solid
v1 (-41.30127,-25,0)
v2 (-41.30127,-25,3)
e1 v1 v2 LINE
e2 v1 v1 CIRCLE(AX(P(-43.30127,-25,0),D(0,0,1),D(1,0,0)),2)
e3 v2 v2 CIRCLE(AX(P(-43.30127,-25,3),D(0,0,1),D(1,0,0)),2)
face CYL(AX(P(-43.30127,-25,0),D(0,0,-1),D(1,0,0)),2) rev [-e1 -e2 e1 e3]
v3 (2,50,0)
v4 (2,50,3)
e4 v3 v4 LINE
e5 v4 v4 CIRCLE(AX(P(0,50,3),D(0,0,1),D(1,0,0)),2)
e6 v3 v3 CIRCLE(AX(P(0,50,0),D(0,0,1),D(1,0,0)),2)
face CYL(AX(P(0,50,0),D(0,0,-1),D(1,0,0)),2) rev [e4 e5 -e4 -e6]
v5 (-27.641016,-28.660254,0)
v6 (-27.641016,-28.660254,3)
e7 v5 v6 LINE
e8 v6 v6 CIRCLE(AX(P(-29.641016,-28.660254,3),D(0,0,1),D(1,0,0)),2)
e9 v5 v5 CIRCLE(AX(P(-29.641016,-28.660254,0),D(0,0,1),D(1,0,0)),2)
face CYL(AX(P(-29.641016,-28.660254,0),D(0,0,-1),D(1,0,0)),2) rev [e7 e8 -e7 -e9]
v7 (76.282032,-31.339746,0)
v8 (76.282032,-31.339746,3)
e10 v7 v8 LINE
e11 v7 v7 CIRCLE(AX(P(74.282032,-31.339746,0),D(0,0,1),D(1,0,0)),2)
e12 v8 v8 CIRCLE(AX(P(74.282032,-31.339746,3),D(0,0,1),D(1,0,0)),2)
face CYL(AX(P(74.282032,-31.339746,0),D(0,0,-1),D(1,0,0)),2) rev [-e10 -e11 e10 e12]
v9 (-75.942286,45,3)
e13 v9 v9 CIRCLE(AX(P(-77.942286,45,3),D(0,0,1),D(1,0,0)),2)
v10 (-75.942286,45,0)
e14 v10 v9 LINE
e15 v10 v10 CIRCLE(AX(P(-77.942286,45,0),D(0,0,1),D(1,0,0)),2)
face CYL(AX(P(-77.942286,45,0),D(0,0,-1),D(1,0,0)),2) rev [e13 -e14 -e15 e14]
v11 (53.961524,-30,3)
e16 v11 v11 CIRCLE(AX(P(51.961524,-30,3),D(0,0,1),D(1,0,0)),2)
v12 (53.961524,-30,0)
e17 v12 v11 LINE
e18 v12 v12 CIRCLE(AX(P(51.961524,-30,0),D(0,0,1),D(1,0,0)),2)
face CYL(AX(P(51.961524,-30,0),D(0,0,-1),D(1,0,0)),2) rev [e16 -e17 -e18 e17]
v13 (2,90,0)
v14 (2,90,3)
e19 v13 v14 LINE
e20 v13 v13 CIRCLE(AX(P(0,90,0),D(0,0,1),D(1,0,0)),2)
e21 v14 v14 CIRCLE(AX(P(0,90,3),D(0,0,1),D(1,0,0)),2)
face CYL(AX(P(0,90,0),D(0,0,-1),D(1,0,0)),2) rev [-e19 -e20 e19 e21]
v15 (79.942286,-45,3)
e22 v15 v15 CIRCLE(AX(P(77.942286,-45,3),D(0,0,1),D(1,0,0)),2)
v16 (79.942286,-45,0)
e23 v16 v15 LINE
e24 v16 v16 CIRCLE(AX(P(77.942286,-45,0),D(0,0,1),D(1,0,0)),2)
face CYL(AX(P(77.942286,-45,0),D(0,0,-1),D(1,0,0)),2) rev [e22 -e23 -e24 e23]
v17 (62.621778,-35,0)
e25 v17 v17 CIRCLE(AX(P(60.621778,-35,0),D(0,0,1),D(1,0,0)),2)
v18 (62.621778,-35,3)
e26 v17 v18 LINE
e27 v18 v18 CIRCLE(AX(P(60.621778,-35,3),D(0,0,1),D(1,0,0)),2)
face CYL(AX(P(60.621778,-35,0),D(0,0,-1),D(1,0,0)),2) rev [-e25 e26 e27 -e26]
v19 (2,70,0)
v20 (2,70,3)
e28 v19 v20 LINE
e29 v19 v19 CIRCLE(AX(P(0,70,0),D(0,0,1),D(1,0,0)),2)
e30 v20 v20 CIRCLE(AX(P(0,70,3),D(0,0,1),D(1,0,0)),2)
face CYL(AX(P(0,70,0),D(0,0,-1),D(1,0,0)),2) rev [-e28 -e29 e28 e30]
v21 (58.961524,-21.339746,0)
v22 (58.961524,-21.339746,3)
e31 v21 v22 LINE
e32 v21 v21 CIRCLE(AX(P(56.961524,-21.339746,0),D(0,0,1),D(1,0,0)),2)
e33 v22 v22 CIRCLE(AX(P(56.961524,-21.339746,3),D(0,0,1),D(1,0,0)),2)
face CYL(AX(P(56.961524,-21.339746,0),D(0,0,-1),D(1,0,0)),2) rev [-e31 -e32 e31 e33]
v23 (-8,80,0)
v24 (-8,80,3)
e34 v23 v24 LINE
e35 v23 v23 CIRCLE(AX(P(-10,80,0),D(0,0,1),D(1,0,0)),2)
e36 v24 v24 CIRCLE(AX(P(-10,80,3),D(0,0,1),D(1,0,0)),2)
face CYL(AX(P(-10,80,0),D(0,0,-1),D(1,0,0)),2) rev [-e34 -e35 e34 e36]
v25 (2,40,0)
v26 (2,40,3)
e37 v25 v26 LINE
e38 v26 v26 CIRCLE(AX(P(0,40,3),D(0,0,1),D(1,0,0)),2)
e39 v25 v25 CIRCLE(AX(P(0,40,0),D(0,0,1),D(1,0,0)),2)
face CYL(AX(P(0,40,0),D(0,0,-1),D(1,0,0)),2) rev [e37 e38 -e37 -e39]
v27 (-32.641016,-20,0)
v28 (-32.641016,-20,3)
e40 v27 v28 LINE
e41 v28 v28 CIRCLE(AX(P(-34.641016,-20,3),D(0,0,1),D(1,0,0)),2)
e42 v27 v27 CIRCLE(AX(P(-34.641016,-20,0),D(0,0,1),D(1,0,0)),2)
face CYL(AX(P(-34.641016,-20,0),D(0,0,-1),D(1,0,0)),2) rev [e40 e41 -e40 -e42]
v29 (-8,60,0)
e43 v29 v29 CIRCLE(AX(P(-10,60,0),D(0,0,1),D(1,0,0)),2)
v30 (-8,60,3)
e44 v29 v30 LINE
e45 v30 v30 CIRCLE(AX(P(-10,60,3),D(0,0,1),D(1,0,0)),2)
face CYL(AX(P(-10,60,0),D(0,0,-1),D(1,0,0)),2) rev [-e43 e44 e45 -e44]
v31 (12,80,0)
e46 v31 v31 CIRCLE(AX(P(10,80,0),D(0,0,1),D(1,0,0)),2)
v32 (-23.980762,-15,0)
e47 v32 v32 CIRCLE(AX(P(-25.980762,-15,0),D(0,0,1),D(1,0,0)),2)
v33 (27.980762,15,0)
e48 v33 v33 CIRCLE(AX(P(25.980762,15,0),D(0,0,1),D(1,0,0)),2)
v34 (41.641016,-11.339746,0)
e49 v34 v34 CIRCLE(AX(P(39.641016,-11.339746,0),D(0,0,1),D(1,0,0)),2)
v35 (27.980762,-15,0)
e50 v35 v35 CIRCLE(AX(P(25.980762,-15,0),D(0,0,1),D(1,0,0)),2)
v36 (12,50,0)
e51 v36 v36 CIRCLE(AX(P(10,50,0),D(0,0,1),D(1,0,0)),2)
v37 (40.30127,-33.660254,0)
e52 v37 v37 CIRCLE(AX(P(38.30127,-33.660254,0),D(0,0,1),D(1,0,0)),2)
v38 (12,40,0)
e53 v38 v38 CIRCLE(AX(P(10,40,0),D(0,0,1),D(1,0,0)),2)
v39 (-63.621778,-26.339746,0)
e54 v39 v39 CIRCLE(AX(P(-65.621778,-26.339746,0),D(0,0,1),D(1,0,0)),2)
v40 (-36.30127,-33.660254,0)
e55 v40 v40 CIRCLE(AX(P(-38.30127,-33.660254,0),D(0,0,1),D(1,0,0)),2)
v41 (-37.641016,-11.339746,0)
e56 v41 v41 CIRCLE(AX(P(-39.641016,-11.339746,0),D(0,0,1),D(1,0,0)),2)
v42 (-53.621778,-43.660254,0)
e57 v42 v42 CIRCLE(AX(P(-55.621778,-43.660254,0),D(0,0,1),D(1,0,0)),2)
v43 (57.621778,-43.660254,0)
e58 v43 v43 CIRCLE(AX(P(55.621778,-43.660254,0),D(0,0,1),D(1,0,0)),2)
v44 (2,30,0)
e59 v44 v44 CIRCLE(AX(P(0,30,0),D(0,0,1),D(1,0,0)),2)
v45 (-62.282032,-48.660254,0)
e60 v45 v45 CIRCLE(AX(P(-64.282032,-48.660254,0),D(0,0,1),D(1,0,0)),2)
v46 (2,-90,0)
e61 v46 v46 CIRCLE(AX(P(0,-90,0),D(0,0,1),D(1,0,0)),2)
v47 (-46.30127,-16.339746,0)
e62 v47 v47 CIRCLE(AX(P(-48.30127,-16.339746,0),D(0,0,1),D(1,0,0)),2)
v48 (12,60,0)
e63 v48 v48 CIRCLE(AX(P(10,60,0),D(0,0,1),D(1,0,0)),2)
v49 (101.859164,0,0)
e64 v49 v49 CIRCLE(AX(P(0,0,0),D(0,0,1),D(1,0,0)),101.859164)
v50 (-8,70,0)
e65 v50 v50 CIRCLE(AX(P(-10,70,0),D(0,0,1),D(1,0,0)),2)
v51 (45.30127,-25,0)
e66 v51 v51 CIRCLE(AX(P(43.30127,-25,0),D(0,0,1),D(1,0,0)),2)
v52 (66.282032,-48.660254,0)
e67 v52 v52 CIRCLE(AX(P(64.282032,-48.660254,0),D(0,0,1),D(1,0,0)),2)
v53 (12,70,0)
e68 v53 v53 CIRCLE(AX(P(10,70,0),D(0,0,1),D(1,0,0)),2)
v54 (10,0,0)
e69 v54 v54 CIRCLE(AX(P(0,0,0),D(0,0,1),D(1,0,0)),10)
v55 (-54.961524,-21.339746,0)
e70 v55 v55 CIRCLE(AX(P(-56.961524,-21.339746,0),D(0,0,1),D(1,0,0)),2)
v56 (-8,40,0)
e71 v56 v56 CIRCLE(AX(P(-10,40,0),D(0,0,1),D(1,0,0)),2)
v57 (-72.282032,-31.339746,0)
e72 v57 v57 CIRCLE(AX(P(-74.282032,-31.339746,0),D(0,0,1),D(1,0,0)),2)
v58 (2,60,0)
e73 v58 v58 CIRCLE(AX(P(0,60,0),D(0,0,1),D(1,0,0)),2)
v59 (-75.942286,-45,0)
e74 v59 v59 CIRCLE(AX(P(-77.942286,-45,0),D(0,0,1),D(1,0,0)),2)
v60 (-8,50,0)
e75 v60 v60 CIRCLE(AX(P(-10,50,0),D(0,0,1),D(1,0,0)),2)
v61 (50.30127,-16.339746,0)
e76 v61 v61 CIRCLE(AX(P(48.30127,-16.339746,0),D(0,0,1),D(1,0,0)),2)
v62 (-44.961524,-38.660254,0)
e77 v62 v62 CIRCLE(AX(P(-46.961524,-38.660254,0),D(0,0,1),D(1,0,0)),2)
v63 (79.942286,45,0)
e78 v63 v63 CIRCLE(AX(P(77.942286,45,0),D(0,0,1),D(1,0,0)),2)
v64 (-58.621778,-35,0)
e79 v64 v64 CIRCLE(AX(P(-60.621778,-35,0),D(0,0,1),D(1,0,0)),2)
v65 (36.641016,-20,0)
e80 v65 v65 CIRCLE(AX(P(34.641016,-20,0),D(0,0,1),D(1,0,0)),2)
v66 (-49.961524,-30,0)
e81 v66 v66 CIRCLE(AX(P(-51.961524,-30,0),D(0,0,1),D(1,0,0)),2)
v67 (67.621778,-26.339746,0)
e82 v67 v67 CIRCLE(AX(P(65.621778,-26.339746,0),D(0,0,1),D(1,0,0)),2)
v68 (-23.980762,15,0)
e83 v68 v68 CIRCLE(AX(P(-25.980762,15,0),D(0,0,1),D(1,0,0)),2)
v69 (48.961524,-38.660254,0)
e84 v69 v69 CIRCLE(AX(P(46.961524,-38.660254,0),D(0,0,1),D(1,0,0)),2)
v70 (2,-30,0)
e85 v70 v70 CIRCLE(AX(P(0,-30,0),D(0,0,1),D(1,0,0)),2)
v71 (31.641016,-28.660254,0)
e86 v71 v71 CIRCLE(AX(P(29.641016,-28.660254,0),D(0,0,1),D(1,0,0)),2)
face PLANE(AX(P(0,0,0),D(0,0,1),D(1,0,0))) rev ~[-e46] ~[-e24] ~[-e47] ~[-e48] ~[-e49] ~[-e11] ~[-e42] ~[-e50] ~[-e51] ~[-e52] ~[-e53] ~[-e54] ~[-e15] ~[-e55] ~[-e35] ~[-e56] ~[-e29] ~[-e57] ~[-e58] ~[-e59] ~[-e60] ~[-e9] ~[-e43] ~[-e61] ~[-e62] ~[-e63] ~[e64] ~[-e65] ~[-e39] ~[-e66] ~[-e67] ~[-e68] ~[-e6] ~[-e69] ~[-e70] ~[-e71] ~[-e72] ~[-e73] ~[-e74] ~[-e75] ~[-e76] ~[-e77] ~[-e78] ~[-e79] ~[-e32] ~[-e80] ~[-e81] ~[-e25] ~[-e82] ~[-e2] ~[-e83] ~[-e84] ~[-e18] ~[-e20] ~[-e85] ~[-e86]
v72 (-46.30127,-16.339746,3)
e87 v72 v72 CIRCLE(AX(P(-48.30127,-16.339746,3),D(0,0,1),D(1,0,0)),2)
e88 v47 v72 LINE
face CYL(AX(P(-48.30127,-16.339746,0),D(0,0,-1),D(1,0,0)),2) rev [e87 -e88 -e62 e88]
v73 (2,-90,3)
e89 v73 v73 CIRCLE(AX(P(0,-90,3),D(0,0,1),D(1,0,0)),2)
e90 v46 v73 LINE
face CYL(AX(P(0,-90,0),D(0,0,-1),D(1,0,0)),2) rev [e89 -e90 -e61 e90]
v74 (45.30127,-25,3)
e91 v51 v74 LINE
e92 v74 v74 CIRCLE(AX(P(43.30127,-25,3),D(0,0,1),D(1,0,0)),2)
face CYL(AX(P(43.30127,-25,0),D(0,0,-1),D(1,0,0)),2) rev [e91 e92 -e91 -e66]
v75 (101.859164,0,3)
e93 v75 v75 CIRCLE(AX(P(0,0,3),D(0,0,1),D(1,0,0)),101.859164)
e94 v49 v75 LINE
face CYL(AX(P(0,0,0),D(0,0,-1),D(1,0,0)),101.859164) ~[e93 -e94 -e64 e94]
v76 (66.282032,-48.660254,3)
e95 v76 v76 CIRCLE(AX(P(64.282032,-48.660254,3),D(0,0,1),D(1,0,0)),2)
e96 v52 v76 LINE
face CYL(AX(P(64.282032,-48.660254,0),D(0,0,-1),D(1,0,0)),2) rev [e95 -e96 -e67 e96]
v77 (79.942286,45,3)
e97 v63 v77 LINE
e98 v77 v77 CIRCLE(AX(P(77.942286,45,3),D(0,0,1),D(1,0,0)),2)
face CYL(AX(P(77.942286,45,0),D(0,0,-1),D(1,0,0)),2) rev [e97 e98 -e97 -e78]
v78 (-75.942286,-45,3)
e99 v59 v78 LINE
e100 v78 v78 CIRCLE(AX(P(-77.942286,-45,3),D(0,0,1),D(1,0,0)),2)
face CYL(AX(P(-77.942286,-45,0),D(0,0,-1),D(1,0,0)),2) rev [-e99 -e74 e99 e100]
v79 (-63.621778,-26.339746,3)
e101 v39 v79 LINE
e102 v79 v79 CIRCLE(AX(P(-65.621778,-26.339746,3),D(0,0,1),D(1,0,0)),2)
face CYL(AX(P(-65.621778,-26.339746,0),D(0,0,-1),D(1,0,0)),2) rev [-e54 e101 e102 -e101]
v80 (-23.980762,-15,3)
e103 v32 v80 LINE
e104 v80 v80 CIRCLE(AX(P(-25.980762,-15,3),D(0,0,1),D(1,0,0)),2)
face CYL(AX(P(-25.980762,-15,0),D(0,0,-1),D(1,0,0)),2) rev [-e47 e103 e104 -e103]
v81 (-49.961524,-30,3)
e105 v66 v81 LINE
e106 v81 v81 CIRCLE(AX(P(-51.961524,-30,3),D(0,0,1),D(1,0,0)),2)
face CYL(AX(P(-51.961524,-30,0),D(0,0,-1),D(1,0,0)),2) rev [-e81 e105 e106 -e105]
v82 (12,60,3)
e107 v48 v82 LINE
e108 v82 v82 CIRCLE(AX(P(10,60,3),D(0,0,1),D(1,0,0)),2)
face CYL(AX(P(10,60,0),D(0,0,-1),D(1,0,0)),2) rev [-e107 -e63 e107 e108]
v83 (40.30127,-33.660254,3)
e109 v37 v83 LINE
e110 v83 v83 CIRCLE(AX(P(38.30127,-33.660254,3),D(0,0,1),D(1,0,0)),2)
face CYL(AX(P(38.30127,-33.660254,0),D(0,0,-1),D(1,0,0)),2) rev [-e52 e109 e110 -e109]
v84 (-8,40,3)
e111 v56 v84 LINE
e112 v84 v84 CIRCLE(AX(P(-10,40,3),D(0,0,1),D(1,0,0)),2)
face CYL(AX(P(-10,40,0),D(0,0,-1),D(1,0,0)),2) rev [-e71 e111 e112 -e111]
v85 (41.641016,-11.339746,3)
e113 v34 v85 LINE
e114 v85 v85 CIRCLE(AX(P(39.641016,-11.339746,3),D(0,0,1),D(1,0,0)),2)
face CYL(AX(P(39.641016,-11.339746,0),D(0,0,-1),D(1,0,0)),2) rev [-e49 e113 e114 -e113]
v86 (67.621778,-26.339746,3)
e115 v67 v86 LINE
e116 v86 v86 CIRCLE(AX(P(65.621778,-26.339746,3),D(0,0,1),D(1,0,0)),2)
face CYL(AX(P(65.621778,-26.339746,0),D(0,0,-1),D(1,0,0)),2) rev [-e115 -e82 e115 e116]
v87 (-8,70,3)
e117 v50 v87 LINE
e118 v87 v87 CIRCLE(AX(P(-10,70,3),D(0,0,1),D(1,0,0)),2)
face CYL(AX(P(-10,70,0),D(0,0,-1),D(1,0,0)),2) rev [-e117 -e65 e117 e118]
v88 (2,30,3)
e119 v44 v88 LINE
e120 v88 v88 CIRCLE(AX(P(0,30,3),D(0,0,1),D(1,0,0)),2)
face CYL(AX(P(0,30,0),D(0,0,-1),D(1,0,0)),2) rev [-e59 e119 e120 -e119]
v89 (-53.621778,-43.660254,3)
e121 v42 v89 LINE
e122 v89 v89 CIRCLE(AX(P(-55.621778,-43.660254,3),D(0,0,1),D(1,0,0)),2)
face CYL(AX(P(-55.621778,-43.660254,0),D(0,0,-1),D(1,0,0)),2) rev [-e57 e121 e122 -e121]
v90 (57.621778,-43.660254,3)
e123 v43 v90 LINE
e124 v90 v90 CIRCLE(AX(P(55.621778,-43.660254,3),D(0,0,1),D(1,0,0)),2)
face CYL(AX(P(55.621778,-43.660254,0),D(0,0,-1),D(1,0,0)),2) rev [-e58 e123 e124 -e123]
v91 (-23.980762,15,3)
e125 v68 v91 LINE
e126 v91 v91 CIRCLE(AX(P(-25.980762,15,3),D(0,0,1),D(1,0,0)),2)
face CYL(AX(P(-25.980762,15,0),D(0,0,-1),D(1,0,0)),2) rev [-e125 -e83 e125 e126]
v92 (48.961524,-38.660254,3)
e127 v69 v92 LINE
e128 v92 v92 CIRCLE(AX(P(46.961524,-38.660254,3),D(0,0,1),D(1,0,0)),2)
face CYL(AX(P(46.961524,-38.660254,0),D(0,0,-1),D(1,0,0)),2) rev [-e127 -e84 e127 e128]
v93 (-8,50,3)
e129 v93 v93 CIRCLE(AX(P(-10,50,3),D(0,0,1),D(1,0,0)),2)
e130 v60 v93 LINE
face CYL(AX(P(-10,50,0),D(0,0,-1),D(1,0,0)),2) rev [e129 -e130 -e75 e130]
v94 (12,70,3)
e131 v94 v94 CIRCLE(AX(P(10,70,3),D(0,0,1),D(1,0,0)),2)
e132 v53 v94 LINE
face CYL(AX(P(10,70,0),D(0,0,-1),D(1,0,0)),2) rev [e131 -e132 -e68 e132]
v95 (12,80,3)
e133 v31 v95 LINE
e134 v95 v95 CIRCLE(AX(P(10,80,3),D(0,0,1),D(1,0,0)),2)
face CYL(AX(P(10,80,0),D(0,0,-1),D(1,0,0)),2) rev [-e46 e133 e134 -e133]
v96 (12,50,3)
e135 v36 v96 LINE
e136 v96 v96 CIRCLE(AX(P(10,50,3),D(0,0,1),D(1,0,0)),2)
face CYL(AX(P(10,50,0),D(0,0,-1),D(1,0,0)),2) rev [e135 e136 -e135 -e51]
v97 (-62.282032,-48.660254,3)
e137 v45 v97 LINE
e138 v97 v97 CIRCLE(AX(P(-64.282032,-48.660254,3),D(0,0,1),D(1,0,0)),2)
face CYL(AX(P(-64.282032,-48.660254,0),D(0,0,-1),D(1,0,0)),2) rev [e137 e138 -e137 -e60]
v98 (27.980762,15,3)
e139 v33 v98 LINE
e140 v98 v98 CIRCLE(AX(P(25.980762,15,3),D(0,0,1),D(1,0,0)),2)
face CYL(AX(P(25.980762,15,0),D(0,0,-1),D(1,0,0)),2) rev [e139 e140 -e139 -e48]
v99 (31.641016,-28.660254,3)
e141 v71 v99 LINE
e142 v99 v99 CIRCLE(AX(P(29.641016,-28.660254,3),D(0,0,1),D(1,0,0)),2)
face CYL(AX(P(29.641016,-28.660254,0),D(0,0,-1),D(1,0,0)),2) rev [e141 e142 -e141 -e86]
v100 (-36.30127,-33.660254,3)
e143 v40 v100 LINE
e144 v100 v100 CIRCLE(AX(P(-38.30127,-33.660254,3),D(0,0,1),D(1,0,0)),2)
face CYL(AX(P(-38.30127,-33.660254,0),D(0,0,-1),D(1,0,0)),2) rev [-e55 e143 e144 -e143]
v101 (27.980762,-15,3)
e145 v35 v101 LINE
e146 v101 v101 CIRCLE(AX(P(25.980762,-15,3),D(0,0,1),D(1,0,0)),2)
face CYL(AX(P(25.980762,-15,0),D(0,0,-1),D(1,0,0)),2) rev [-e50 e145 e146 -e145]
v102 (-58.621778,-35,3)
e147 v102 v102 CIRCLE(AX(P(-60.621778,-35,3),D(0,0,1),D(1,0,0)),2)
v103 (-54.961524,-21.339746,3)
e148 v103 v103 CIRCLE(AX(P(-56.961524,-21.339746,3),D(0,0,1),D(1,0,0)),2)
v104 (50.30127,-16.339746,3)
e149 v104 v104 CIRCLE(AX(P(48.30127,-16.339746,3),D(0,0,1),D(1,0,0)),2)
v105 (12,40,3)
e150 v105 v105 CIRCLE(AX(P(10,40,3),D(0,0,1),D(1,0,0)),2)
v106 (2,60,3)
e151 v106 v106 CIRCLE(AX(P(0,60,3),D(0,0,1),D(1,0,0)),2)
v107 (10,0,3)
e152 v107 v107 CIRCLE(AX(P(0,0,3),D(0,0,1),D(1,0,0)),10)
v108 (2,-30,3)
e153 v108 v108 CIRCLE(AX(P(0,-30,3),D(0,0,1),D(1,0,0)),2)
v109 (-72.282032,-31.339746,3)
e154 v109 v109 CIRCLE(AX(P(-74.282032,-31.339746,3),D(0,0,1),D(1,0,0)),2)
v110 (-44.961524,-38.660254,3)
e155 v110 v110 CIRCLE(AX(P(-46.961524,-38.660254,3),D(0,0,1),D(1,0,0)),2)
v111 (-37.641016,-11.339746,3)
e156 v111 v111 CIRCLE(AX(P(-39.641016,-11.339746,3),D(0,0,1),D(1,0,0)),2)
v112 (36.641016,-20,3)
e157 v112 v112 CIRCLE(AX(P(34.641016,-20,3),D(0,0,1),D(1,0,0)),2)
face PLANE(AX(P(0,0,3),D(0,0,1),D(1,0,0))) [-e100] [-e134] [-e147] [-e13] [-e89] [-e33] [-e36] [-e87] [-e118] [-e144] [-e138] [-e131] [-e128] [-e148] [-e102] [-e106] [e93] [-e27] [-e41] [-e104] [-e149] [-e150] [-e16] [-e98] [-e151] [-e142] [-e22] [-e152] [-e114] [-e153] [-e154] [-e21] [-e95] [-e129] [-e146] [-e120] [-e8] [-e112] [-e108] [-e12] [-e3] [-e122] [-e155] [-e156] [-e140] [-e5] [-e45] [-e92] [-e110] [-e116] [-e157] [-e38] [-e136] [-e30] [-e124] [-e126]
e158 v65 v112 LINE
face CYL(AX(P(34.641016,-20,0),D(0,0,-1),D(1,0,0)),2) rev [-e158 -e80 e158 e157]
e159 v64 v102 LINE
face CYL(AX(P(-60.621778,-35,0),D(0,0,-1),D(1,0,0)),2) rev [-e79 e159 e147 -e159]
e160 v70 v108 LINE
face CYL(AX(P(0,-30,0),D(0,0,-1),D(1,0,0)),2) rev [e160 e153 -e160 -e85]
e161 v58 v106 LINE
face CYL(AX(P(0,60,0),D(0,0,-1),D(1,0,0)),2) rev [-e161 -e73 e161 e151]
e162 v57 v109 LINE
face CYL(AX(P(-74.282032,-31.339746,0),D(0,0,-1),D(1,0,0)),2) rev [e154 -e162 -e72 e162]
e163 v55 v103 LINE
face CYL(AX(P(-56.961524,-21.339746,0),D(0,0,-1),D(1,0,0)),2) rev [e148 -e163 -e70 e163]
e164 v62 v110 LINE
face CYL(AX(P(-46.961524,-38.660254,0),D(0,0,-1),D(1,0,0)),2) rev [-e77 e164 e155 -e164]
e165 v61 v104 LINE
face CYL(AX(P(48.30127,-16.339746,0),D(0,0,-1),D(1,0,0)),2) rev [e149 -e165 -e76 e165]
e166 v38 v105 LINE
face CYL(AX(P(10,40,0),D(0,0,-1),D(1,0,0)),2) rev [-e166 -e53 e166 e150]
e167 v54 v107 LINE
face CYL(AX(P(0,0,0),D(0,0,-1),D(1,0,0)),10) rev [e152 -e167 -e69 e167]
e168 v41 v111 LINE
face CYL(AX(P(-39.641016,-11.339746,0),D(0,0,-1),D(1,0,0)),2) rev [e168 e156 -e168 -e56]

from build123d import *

# Parameters (mm, degrees)
SKETCH1_R           = 101.859163579
SKETCH1_R_2         = 2
SKETCH1_R_3         = 10
BOSS_EXTRUDE1_DEPTH = 3


with BuildPart() as part:
    # Sketch1 → Boss-Extrude1 (new body)
    with BuildSketch(Plane.XY):
        Circle(SKETCH1_R)
        with Locations((0, 30)):
            Circle(SKETCH1_R_2, mode=Mode.SUBTRACT)
        with Locations((-10, 50)):
            Circle(SKETCH1_R_2, mode=Mode.SUBTRACT)
        with Locations((0, 40)):
            Circle(SKETCH1_R_2, mode=Mode.SUBTRACT)
        with Locations((10, 50)):
            Circle(SKETCH1_R_2, mode=Mode.SUBTRACT)
        with Locations((-10, 60)):
            Circle(SKETCH1_R_2, mode=Mode.SUBTRACT)
        with Locations((-10, 40)):
            Circle(SKETCH1_R_2, mode=Mode.SUBTRACT)
        with Locations((10, 40)):
            Circle(SKETCH1_R_2, mode=Mode.SUBTRACT)
        with Locations((0, 50)):
            Circle(SKETCH1_R_2, mode=Mode.SUBTRACT)
        with Locations((10, 60)):
            Circle(SKETCH1_R_2, mode=Mode.SUBTRACT)
        with Locations((-10, 70)):
            Circle(SKETCH1_R_2, mode=Mode.SUBTRACT)
        with Locations((0, 60)):
            Circle(SKETCH1_R_2, mode=Mode.SUBTRACT)
        with Locations((10, 70)):
            Circle(SKETCH1_R_2, mode=Mode.SUBTRACT)
        with Locations((-10, 80)):
            Circle(SKETCH1_R_2, mode=Mode.SUBTRACT)
        with Locations((0, 70)):
            Circle(SKETCH1_R_2, mode=Mode.SUBTRACT)
        with Locations((10, 80)):
            Circle(SKETCH1_R_2, mode=Mode.SUBTRACT)
        with Locations((25.980762114, -15)):
            Circle(SKETCH1_R_2, mode=Mode.SUBTRACT)
        with Locations((48.301270189, -16.339745962)):
            Circle(SKETCH1_R_2, mode=Mode.SUBTRACT)
        with Locations((34.641016151, -20)):
            Circle(SKETCH1_R_2, mode=Mode.SUBTRACT)
        with Locations((38.301270189, -33.660254038)):
            Circle(SKETCH1_R_2, mode=Mode.SUBTRACT)
        with Locations((56.961524227, -21.339745962)):
            Circle(SKETCH1_R_2, mode=Mode.SUBTRACT)
        with Locations((39.641016151, -11.339745962)):
            Circle(SKETCH1_R_2, mode=Mode.SUBTRACT)
        with Locations((29.641016151, -28.660254038)):
            Circle(SKETCH1_R_2, mode=Mode.SUBTRACT)
        with Locations((43.301270189, -25)):
            Circle(SKETCH1_R_2, mode=Mode.SUBTRACT)
        with Locations((46.961524227, -38.660254038)):
            Circle(SKETCH1_R_2, mode=Mode.SUBTRACT)
        with Locations((65.621778265, -26.339745962)):
            Circle(SKETCH1_R_2, mode=Mode.SUBTRACT)
        with Locations((51.961524227, -30)):
            Circle(SKETCH1_R_2, mode=Mode.SUBTRACT)
        with Locations((55.621778265, -43.660254038)):
            Circle(SKETCH1_R_2, mode=Mode.SUBTRACT)
        with Locations((74.282032303, -31.339745962)):
            Circle(SKETCH1_R_2, mode=Mode.SUBTRACT)
        with Locations((60.621778265, -35)):
            Circle(SKETCH1_R_2, mode=Mode.SUBTRACT)
        with Locations((64.282032303, -48.660254038)):
            Circle(SKETCH1_R_2, mode=Mode.SUBTRACT)
        with Locations((-25.980762114, -15)):
            Circle(SKETCH1_R_2, mode=Mode.SUBTRACT)
        with Locations((-38.301270189, -33.660254038)):
            Circle(SKETCH1_R_2, mode=Mode.SUBTRACT)
        with Locations((-34.641016151, -20)):
            Circle(SKETCH1_R_2, mode=Mode.SUBTRACT)
        with Locations((-48.301270189, -16.339745962)):
            Circle(SKETCH1_R_2, mode=Mode.SUBTRACT)
        with Locations((-46.961524227, -38.660254038)):
            Circle(SKETCH1_R_2, mode=Mode.SUBTRACT)
        with Locations((-29.641016151, -28.660254038)):
            Circle(SKETCH1_R_2, mode=Mode.SUBTRACT)
        with Locations((-39.641016151, -11.339745962)):
            Circle(SKETCH1_R_2, mode=Mode.SUBTRACT)
        with Locations((-43.301270189, -25)):
            Circle(SKETCH1_R_2, mode=Mode.SUBTRACT)
        with Locations((-56.961524227, -21.339745962)):
            Circle(SKETCH1_R_2, mode=Mode.SUBTRACT)
        with Locations((-55.621778265, -43.660254038)):
            Circle(SKETCH1_R_2, mode=Mode.SUBTRACT)
        with Locations((-51.961524227, -30)):
            Circle(SKETCH1_R_2, mode=Mode.SUBTRACT)
        with Locations((-65.621778265, -26.339745962)):
            Circle(SKETCH1_R_2, mode=Mode.SUBTRACT)
        with Locations((-64.282032303, -48.660254038)):
            Circle(SKETCH1_R_2, mode=Mode.SUBTRACT)
        with Locations((-60.621778265, -35)):
            Circle(SKETCH1_R_2, mode=Mode.SUBTRACT)
        with Locations((-74.282032303, -31.339745962)):
            Circle(SKETCH1_R_2, mode=Mode.SUBTRACT)
        with Locations((77.942286341, 45)):
            Circle(SKETCH1_R_2, mode=Mode.SUBTRACT)
        with Locations((77.942286341, -45)):
            Circle(SKETCH1_R_2, mode=Mode.SUBTRACT)
        with Locations((0, -90)):
            Circle(SKETCH1_R_2, mode=Mode.SUBTRACT)
        with Locations((-77.942286341, -45)):
            Circle(SKETCH1_R_2, mode=Mode.SUBTRACT)
        with Locations((-77.942286341, 45)):
            Circle(SKETCH1_R_2, mode=Mode.SUBTRACT)
        with Locations((0, 90)):
            Circle(SKETCH1_R_2, mode=Mode.SUBTRACT)
        Circle(SKETCH1_R_3, mode=Mode.SUBTRACT)
        with Locations((25.980762114, 15)):
            Circle(SKETCH1_R_2, mode=Mode.SUBTRACT)
        with Locations((0, -30)):
            Circle(SKETCH1_R_2, mode=Mode.SUBTRACT)
        with Locations((-25.980762114, 15)):
            Circle(SKETCH1_R_2, mode=Mode.SUBTRACT)
    extrude(amount=BOSS_EXTRUDE1_DEPTH)


solid = part.part
